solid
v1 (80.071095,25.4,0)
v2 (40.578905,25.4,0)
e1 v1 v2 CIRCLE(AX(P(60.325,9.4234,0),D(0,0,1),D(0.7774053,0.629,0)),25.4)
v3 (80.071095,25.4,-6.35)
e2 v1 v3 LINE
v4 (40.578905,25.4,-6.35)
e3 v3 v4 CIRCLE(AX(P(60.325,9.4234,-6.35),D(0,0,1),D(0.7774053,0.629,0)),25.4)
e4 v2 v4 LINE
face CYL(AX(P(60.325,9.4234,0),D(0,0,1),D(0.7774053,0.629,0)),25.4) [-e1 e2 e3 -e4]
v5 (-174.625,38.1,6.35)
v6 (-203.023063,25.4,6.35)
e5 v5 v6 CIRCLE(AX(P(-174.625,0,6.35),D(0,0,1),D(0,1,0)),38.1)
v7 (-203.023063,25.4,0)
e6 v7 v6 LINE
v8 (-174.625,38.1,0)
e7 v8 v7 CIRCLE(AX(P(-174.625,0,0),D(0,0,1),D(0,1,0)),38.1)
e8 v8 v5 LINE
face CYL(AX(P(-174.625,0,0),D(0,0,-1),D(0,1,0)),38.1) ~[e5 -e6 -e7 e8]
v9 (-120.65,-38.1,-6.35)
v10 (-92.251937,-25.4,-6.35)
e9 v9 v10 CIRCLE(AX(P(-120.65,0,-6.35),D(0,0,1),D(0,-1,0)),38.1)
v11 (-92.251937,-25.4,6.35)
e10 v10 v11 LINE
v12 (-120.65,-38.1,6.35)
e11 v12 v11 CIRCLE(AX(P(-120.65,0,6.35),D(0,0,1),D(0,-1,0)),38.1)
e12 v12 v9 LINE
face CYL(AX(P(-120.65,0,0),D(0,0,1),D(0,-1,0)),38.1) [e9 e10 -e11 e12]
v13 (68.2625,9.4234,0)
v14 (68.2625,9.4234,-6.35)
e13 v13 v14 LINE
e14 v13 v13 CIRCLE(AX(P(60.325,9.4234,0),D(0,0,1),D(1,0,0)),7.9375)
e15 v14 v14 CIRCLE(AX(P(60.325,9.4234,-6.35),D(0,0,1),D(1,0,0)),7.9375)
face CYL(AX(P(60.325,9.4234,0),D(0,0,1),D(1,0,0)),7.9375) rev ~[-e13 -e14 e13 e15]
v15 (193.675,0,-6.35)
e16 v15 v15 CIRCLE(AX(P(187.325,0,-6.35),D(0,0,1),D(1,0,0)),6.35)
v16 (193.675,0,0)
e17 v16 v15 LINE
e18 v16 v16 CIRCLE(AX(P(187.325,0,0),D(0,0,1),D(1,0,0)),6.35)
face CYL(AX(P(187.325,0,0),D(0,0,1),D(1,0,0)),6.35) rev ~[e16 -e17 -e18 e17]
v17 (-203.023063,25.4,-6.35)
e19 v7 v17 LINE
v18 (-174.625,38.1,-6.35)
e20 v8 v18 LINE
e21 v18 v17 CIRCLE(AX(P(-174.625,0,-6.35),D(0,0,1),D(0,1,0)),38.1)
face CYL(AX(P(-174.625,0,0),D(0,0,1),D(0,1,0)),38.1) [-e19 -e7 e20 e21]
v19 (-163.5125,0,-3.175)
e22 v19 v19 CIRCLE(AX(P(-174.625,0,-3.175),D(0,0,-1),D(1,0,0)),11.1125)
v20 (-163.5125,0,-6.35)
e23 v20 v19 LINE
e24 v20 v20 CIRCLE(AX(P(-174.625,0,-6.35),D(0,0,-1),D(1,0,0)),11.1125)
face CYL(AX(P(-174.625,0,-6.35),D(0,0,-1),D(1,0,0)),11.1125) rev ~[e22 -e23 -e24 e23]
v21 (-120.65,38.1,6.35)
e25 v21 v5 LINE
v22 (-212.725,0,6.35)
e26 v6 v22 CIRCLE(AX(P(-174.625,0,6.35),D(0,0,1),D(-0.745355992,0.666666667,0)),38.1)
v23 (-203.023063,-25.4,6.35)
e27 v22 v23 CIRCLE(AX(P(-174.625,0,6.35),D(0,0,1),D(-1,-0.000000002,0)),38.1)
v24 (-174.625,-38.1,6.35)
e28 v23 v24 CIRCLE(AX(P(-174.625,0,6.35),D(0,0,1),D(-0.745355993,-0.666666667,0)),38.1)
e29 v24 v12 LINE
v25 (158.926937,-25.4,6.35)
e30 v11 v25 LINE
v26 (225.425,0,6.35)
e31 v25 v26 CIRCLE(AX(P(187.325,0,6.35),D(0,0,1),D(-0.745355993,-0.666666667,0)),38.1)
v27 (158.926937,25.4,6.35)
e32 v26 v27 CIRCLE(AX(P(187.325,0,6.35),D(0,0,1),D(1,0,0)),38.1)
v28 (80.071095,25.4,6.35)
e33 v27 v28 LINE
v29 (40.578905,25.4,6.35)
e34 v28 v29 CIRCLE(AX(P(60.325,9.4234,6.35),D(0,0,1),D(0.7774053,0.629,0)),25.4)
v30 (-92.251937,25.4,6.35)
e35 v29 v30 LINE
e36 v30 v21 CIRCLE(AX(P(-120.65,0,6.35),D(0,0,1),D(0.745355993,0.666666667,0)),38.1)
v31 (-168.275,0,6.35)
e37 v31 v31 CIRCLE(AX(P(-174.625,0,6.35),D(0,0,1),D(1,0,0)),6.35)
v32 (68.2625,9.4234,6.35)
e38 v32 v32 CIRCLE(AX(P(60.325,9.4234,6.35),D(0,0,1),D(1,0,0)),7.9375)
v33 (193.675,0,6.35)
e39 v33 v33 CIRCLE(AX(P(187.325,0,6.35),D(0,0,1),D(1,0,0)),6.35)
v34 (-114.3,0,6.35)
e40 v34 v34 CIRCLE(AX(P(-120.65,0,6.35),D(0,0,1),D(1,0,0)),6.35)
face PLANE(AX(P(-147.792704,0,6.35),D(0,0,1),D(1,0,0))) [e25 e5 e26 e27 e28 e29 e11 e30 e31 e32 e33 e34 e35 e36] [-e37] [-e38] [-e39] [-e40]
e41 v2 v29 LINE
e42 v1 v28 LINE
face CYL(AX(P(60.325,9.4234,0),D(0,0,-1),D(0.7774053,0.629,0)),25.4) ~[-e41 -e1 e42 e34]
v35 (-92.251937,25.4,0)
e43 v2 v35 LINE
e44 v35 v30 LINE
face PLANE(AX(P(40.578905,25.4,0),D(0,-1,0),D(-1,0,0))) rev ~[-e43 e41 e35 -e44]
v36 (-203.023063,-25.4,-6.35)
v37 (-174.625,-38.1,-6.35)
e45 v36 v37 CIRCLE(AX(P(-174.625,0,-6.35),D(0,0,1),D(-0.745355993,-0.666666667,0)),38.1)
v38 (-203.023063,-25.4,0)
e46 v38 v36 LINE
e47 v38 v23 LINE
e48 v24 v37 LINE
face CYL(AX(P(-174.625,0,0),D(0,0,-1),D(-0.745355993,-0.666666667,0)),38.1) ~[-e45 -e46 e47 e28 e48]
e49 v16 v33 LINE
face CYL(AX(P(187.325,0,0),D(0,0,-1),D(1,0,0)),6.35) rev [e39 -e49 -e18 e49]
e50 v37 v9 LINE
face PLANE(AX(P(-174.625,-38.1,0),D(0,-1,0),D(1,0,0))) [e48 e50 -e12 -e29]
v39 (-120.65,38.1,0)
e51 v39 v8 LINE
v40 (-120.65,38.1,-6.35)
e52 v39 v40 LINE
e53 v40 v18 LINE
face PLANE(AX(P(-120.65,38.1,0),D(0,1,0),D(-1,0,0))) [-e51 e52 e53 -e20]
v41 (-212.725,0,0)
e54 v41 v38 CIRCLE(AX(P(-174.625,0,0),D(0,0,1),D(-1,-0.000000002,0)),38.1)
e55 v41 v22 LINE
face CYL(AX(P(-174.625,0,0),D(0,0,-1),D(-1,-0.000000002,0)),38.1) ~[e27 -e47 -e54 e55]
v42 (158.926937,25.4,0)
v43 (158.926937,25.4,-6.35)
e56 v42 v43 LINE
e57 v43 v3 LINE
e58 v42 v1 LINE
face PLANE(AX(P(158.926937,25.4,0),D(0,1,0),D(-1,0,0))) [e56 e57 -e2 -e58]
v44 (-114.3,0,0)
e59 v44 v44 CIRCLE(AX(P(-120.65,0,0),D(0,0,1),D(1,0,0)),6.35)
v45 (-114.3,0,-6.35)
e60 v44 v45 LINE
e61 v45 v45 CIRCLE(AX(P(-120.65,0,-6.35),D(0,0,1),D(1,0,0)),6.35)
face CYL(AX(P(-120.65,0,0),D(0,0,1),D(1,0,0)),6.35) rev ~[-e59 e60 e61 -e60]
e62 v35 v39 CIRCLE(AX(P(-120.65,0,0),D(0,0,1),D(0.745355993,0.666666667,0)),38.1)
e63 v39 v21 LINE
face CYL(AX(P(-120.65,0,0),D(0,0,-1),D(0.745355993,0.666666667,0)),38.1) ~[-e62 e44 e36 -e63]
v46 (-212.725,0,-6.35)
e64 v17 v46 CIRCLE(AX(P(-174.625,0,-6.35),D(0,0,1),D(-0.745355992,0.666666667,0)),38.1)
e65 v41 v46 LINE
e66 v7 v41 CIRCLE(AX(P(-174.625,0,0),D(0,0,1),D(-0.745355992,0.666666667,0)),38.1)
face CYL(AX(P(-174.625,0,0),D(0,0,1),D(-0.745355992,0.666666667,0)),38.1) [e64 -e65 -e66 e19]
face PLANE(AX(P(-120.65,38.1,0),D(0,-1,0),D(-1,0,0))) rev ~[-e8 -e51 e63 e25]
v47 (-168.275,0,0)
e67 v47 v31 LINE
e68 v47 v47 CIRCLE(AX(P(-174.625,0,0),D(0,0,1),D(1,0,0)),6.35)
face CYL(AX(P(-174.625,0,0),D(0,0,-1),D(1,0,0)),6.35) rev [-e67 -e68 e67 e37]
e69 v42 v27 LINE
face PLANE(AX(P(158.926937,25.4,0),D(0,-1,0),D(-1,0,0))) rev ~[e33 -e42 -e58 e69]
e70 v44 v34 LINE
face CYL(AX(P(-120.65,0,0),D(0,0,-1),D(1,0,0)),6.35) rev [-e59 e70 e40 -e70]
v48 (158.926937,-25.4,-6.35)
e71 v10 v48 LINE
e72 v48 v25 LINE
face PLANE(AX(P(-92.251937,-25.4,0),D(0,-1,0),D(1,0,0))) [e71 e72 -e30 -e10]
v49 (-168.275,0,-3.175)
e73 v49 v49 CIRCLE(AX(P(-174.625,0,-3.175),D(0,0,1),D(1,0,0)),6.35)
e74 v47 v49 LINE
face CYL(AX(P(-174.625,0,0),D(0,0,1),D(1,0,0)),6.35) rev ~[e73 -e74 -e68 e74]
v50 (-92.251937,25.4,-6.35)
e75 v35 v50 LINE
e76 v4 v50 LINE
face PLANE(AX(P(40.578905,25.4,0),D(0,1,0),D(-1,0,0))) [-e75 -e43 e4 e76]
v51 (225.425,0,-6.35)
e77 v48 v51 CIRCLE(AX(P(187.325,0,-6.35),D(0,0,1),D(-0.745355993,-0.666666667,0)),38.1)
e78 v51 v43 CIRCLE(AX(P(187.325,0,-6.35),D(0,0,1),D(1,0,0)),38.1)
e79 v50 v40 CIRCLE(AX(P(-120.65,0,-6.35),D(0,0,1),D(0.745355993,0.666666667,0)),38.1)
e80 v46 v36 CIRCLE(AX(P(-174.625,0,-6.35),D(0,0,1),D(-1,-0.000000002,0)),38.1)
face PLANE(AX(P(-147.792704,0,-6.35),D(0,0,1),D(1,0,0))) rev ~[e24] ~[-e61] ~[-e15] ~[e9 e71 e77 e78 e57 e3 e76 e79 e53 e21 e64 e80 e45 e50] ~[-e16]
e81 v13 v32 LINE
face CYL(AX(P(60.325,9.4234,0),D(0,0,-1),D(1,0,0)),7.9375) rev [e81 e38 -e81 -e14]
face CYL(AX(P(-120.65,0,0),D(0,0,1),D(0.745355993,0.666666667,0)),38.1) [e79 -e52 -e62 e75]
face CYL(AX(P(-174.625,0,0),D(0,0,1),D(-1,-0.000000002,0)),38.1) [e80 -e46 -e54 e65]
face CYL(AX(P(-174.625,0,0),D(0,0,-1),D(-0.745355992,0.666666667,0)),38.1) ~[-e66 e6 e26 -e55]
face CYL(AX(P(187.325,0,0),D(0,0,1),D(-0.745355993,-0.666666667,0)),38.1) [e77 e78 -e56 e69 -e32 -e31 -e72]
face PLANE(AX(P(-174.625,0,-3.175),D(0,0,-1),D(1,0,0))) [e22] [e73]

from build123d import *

# Parameters (mm, degrees)
F0_R     = 6.35
F0_R_2   = 7.9375
F1_DEPTH = 6.35
F2_R     = 11.1125
F3_DEPTH = 3.175


with BuildPart() as f1:
    # F0 (on Top) → F1 (new body, symmetric)
    with BuildSketch(Plane.XY):
        with BuildLine():
            ThreePointArc((-120.65, -38.1), (-105.0957401333, -34.7803824016), (-92.2519366858, -25.4))
            ThreePointArc((-92.2519366858, -25.4), (-82.55, 0), (-92.2519366858, 25.4))
            ThreePointArc((-92.2519366858, 25.4), (-105.0957401333, 34.7803824016), (-120.65, 38.1))
            Line((-120.65, 38.1), (-174.625, 38.1))
            ThreePointArc((-174.625, 38.1), (-190.1792598667, 34.7803824016), (-203.0230633142, 25.4))
            ThreePointArc((-203.0230633142, 25.4), (-210.2169668893, 13.5949215867), (-212.725, -7.2e-08))
            ThreePointArc((-212.725, -7.2e-08), (-210.2169668636, -13.594921654), (-203.0230633142, -25.4))
            ThreePointArc((-203.0230633142, -25.4), (-190.1792598667, -34.7803824016), (-174.625, -38.1))
            Line((-174.625, -38.1), (-120.65, -38.1))
        make_face()
        with Locations((-174.625, 0)):
            Circle(F0_R, mode=Mode.SUBTRACT)
        with Locations((-120.65, 0)):
            Circle(F0_R, mode=Mode.SUBTRACT)
        with BuildLine():
            Line((-92.2519366858, -25.4), (158.9269366858, -25.4))
            ThreePointArc((158.9269366858, -25.4), (149.225, 0), (158.9269366858, 25.4))
            Line((158.9269366858, 25.4), (80.0710946124, 25.4))
            ThreePointArc((80.0710946124, 25.4), (84.2698408134, 17.8971594032), (85.725, 9.4234))
            ThreePointArc((85.725, 9.4234), (51.8512405968, -14.5214408134), (40.5789053876, 25.4))
            Line((40.5789053876, 25.4), (-92.2519366858, 25.4))
            ThreePointArc((-92.2519366858, 25.4), (-82.55, 0), (-92.2519366858, -25.4))
        make_face()
        with BuildLine():
            ThreePointArc((158.9269366858, 25.4), (149.225, 0), (158.9269366858, -25.4))
            ThreePointArc((158.9269366858, -25.4), (200.9199216204, -35.5919668765), (225.425, 0))
            ThreePointArc((225.425, 0), (200.9199216204, 35.5919668765), (158.9269366858, 25.4))
        make_face()
        with Locations((187.325, 0)):
            Circle(F0_R, mode=Mode.SUBTRACT)
        with BuildLine():
            ThreePointArc((85.725, 9.4234), (84.2698408134, 17.8971594032), (80.0710946124, 25.4))
            Line((80.0710946124, 25.4), (40.5789053876, 25.4))
            ThreePointArc((40.5789053876, 25.4), (51.8512405968, -14.5214408134), (85.725, 9.4234))
        make_face()
        with Locations((60.325, 9.4234)):
            Circle(F0_R_2, mode=Mode.SUBTRACT)
        with BuildLine():
            Line((40.5789053876, 25.4), (80.0710946124, 25.4))
            ThreePointArc((80.0710946124, 25.4), (60.325, 34.8234), (40.5789053876, 25.4))
        make_face()
    extrude(amount=F1_DEPTH, both=True)

    # F2 (on face) → F3 (cut)
    with BuildSketch(Plane(origin=(0, 0, -6.35), x_dir=(1, 0, 0), z_dir=(0, 0, -1))):
        with Locations((-174.625, 0)):
            Circle(F2_R)
    extrude(amount=-F3_DEPTH, mode=Mode.SUBTRACT)


solid = f1.part
